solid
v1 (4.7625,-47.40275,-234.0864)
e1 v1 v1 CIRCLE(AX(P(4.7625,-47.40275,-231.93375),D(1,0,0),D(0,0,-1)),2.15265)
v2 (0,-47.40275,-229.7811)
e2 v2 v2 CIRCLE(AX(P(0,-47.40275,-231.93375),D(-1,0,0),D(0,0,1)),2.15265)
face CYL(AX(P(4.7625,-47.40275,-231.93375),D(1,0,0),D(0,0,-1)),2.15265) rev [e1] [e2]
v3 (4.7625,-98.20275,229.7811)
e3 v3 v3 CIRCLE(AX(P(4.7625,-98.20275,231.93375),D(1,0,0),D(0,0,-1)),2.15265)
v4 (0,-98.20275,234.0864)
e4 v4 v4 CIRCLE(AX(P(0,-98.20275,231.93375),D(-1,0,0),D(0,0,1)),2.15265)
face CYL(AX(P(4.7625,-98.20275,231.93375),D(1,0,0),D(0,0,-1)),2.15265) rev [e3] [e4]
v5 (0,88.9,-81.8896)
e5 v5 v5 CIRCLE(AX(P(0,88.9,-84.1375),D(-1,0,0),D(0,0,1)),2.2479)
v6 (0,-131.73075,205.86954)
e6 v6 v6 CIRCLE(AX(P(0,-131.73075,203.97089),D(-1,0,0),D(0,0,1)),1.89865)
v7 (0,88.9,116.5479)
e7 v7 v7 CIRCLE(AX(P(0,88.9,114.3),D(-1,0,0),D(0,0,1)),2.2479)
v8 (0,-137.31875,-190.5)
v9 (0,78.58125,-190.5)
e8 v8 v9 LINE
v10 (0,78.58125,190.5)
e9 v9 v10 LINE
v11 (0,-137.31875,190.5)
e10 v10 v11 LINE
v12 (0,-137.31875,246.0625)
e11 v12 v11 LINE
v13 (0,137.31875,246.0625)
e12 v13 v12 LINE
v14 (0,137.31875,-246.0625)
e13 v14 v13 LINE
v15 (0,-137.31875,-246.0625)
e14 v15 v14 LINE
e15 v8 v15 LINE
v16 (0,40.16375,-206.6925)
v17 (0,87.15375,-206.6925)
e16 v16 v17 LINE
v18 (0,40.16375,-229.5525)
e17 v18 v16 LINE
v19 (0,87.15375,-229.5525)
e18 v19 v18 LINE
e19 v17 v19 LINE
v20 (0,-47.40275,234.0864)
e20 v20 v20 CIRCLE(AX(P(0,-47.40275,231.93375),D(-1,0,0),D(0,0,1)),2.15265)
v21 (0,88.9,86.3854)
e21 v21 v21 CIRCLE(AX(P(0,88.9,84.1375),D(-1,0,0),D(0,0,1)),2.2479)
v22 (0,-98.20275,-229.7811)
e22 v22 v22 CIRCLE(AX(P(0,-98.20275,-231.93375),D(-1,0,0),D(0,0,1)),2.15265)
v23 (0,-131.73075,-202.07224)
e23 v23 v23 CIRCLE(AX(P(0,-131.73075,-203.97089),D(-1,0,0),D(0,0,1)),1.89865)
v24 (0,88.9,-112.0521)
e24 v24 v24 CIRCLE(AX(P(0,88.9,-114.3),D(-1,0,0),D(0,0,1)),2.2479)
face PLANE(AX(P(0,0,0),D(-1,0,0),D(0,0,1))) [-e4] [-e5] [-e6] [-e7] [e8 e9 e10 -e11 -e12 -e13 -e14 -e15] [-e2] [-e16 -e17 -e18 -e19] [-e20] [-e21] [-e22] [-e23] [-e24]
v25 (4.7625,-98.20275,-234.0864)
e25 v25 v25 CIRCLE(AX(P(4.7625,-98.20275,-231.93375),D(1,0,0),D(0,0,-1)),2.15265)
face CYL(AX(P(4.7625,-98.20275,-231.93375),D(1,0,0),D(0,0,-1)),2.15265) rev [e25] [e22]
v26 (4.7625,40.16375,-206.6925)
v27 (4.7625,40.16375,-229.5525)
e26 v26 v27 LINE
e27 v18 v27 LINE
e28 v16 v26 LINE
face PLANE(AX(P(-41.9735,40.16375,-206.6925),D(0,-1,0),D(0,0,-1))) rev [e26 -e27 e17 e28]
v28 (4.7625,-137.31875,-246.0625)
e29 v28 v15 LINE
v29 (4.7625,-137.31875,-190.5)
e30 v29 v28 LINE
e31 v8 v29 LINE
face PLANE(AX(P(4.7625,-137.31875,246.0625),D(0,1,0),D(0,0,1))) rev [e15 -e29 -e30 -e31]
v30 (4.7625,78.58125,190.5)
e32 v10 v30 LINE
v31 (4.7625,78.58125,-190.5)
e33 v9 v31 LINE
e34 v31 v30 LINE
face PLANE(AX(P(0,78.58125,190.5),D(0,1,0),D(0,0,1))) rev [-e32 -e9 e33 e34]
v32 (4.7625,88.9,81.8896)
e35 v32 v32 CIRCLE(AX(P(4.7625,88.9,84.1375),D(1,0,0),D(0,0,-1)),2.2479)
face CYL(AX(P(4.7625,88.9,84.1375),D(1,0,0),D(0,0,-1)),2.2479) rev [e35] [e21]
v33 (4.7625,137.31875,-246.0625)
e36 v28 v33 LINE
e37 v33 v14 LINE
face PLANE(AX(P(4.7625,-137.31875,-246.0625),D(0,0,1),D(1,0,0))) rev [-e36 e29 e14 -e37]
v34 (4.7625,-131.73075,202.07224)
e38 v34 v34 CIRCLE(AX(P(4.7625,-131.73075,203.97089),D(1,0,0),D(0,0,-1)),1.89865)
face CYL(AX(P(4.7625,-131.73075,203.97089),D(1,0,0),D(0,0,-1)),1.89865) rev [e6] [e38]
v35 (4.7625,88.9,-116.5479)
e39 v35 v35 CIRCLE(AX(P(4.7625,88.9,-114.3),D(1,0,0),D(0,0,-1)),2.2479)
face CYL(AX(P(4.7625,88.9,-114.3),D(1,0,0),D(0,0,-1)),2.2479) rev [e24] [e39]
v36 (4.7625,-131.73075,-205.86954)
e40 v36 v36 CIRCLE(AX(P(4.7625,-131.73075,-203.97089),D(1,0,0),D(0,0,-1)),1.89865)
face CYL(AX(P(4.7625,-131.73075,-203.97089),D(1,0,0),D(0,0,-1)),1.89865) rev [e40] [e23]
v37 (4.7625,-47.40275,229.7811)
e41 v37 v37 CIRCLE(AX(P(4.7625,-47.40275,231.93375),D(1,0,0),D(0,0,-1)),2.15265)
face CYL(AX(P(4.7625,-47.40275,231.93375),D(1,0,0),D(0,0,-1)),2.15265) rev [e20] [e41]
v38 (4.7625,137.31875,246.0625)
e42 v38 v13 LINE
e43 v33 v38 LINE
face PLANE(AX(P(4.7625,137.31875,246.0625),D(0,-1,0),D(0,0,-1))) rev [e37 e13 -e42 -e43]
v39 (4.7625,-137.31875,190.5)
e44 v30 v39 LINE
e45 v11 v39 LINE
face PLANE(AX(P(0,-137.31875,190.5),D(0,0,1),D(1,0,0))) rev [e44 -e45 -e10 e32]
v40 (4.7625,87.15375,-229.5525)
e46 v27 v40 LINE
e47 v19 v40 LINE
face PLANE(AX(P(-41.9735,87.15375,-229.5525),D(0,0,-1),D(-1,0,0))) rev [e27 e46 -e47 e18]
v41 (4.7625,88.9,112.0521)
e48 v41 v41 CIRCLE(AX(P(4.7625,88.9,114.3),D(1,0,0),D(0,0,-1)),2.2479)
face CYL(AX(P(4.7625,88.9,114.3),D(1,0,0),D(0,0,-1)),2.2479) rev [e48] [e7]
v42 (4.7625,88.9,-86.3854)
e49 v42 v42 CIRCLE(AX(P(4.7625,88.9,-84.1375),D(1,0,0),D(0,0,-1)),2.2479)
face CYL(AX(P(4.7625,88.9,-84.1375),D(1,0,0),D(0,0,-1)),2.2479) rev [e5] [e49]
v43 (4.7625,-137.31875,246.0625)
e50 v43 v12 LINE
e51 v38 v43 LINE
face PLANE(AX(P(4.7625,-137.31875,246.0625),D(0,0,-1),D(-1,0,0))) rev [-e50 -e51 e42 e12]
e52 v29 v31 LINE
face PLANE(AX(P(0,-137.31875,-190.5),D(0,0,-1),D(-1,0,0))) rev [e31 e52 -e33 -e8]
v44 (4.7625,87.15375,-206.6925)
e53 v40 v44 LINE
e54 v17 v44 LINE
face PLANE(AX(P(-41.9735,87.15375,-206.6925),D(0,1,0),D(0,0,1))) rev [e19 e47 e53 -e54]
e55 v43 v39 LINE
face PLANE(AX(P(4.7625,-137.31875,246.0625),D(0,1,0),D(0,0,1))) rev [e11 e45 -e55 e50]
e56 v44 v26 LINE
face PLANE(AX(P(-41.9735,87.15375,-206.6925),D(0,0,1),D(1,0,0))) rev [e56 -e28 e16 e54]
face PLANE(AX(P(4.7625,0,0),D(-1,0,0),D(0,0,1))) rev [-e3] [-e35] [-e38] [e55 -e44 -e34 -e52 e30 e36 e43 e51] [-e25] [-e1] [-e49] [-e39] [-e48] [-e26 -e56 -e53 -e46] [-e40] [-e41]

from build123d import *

# Parameters (mm, degrees)
SKETCH1_W                 = 492.125
SKETCH1_H                 = 274.6375
BOSS_EXTRUDE1_DEPTH       = 4.7625
CUT_EXTRUDE1_REACH        = 6.763
BOSS_EXTRUDE2_REACH       = 494.125
SKETCH3_W                 = 4.7625
SKETCH3_H                 = 274.6375
F_8_CLEARANCE_HOLE1_D     = 4.3053
F_8_CLEARANCE_HOLE1_DEPTH = 74.422
F_8_CLEARANCE_HOLE1_TIP   = 1.293442612
SKETCH9_W                 = 381
SKETCH9_H                 = 215.9
CUT_EXTRUDE2_DEPTH        = 5.7625
F_8_CLEARANCE_HOLE2_D     = 4.4958
F_8_CLEARANCE_HOLE2_DEPTH = 74.422
F_8_CLEARANCE_HOLE2_TIP   = 1.350674586
F_6_CLEARANCE_HOLE1_D     = 3.7973
F_6_CLEARANCE_HOLE1_DEPTH = 74.422
F_6_CLEARANCE_HOLE1_TIP   = 1.140824014
SKETCH14_W                = 22.86
SKETCH14_H                = 46.99
CUT_EXTRUDE3_DEPTH        = 46.736


with BuildPart() as part:
    # Sketch1 → Boss-Extrude1 (new body)
    with BuildSketch(Plane(origin=(0, 0, 0), x_dir=(0, 0, -1), z_dir=(1, 0, 0))):
        Rectangle(SKETCH1_W, SKETCH1_H)
    extrude(amount=BOSS_EXTRUDE1_DEPTH)

    # Sketch2 → Cut-Extrude1 (cut, up to next)
    with BuildSketch(Plane(origin=(4.7625, 0, 0), x_dir=(0, 0, -1), z_dir=(1, 0, 0)), mode=Mode.PRIVATE) as cut_extrude1_sk1:
        Polygon((-24.852813742, -60), (24.852813742, -60), (42.426406871, -42.426406871), (60, -24.852813742), (60, 24.852813742), (24.852813742, 60), (-24.852813742, 60), (-60, 24.852813742), (-60, -24.852813742), align=None)
    cut_extrude1_tool1 = extrude(cut_extrude1_sk1.sketch, amount=-CUT_EXTRUDE1_REACH, mode=Mode.PRIVATE) & part.part
    add(cut_extrude1_tool1.solids().sort_by_distance((4.7625, 0, 0))[0], mode=Mode.SUBTRACT)

    # Sketch3 → Boss-Extrude2 (add, up to next)
    with BuildSketch(Plane.XY.offset(246.0625), mode=Mode.PRIVATE) as boss_extrude2_sk1:
        with Locations((2.38125, 0)):
            Rectangle(SKETCH3_W, SKETCH3_H)
    boss_extrude2_tool1 = extrude(boss_extrude2_sk1.sketch, amount=-BOSS_EXTRUDE2_REACH, mode=Mode.PRIVATE) - part.part
    add(boss_extrude2_tool1.solids().sort_by_distance((2.38125, 0, 246.0625))[0])

    # #8 Clearance Hole1
    with Locations(Plane(origin=(4.7625, 0, 0), x_dir=(0, 0, -1), z_dir=(1, 0, 0))):
        with Locations((-231.93375, -98.20275), (-231.93375, -47.40275), (231.93375, -47.40275), (231.93375, -98.20275)):
            Hole(F_8_CLEARANCE_HOLE1_D / 2, depth=F_8_CLEARANCE_HOLE1_DEPTH)
            with Locations((0, 0, -(F_8_CLEARANCE_HOLE1_DEPTH + F_8_CLEARANCE_HOLE1_TIP / 2))):  # 118° drill point
                Cone(0, F_8_CLEARANCE_HOLE1_D / 2, F_8_CLEARANCE_HOLE1_TIP, mode=Mode.SUBTRACT)

    # Sketch9 → Cut-Extrude2 (cut, through all)
    with BuildSketch(Plane(origin=(4.7625, 0, 0), x_dir=(0, 0, -1), z_dir=(1, 0, 0))):
        with Locations((0, -29.36875)):
            Rectangle(SKETCH9_W, SKETCH9_H)
    extrude(amount=-CUT_EXTRUDE2_DEPTH, mode=Mode.SUBTRACT)

    # #8 Clearance Hole2
    with Locations(Plane(origin=(4.7625, 0, 0), x_dir=(0, 0, -1), z_dir=(1, 0, 0))):
        with Locations((-114.3, 88.9), (-84.1375, 88.9), (84.1375, 88.9), (114.3, 88.9)):
            Hole(F_8_CLEARANCE_HOLE2_D / 2, depth=F_8_CLEARANCE_HOLE2_DEPTH)
            with Locations((0, 0, -(F_8_CLEARANCE_HOLE2_DEPTH + F_8_CLEARANCE_HOLE2_TIP / 2))):  # 118° drill point
                Cone(0, F_8_CLEARANCE_HOLE2_D / 2, F_8_CLEARANCE_HOLE2_TIP, mode=Mode.SUBTRACT)

    # #6 Clearance Hole1
    with Locations(Plane(origin=(4.7625, 0, 0), x_dir=(0, 0, -1), z_dir=(1, 0, 0))):
        with Locations((-203.97089, -131.73075), (203.97089, -131.73075)):
            Hole(F_6_CLEARANCE_HOLE1_D / 2, depth=F_6_CLEARANCE_HOLE1_DEPTH)
            with Locations((0, 0, -(F_6_CLEARANCE_HOLE1_DEPTH + F_6_CLEARANCE_HOLE1_TIP / 2))):  # 118° drill point
                Cone(0, F_6_CLEARANCE_HOLE1_D / 2, F_6_CLEARANCE_HOLE1_TIP, mode=Mode.SUBTRACT)

    # Sketch14 → Cut-Extrude3 (cut)
    with BuildSketch(Plane(origin=(4.7625, 0, 0), x_dir=(0, 0, -1), z_dir=(1, 0, 0))):
        with Locations((218.1225, 63.65875)):
            Rectangle(SKETCH14_W, SKETCH14_H)
    extrude(amount=-CUT_EXTRUDE3_DEPTH, mode=Mode.SUBTRACT)


solid = part.part
